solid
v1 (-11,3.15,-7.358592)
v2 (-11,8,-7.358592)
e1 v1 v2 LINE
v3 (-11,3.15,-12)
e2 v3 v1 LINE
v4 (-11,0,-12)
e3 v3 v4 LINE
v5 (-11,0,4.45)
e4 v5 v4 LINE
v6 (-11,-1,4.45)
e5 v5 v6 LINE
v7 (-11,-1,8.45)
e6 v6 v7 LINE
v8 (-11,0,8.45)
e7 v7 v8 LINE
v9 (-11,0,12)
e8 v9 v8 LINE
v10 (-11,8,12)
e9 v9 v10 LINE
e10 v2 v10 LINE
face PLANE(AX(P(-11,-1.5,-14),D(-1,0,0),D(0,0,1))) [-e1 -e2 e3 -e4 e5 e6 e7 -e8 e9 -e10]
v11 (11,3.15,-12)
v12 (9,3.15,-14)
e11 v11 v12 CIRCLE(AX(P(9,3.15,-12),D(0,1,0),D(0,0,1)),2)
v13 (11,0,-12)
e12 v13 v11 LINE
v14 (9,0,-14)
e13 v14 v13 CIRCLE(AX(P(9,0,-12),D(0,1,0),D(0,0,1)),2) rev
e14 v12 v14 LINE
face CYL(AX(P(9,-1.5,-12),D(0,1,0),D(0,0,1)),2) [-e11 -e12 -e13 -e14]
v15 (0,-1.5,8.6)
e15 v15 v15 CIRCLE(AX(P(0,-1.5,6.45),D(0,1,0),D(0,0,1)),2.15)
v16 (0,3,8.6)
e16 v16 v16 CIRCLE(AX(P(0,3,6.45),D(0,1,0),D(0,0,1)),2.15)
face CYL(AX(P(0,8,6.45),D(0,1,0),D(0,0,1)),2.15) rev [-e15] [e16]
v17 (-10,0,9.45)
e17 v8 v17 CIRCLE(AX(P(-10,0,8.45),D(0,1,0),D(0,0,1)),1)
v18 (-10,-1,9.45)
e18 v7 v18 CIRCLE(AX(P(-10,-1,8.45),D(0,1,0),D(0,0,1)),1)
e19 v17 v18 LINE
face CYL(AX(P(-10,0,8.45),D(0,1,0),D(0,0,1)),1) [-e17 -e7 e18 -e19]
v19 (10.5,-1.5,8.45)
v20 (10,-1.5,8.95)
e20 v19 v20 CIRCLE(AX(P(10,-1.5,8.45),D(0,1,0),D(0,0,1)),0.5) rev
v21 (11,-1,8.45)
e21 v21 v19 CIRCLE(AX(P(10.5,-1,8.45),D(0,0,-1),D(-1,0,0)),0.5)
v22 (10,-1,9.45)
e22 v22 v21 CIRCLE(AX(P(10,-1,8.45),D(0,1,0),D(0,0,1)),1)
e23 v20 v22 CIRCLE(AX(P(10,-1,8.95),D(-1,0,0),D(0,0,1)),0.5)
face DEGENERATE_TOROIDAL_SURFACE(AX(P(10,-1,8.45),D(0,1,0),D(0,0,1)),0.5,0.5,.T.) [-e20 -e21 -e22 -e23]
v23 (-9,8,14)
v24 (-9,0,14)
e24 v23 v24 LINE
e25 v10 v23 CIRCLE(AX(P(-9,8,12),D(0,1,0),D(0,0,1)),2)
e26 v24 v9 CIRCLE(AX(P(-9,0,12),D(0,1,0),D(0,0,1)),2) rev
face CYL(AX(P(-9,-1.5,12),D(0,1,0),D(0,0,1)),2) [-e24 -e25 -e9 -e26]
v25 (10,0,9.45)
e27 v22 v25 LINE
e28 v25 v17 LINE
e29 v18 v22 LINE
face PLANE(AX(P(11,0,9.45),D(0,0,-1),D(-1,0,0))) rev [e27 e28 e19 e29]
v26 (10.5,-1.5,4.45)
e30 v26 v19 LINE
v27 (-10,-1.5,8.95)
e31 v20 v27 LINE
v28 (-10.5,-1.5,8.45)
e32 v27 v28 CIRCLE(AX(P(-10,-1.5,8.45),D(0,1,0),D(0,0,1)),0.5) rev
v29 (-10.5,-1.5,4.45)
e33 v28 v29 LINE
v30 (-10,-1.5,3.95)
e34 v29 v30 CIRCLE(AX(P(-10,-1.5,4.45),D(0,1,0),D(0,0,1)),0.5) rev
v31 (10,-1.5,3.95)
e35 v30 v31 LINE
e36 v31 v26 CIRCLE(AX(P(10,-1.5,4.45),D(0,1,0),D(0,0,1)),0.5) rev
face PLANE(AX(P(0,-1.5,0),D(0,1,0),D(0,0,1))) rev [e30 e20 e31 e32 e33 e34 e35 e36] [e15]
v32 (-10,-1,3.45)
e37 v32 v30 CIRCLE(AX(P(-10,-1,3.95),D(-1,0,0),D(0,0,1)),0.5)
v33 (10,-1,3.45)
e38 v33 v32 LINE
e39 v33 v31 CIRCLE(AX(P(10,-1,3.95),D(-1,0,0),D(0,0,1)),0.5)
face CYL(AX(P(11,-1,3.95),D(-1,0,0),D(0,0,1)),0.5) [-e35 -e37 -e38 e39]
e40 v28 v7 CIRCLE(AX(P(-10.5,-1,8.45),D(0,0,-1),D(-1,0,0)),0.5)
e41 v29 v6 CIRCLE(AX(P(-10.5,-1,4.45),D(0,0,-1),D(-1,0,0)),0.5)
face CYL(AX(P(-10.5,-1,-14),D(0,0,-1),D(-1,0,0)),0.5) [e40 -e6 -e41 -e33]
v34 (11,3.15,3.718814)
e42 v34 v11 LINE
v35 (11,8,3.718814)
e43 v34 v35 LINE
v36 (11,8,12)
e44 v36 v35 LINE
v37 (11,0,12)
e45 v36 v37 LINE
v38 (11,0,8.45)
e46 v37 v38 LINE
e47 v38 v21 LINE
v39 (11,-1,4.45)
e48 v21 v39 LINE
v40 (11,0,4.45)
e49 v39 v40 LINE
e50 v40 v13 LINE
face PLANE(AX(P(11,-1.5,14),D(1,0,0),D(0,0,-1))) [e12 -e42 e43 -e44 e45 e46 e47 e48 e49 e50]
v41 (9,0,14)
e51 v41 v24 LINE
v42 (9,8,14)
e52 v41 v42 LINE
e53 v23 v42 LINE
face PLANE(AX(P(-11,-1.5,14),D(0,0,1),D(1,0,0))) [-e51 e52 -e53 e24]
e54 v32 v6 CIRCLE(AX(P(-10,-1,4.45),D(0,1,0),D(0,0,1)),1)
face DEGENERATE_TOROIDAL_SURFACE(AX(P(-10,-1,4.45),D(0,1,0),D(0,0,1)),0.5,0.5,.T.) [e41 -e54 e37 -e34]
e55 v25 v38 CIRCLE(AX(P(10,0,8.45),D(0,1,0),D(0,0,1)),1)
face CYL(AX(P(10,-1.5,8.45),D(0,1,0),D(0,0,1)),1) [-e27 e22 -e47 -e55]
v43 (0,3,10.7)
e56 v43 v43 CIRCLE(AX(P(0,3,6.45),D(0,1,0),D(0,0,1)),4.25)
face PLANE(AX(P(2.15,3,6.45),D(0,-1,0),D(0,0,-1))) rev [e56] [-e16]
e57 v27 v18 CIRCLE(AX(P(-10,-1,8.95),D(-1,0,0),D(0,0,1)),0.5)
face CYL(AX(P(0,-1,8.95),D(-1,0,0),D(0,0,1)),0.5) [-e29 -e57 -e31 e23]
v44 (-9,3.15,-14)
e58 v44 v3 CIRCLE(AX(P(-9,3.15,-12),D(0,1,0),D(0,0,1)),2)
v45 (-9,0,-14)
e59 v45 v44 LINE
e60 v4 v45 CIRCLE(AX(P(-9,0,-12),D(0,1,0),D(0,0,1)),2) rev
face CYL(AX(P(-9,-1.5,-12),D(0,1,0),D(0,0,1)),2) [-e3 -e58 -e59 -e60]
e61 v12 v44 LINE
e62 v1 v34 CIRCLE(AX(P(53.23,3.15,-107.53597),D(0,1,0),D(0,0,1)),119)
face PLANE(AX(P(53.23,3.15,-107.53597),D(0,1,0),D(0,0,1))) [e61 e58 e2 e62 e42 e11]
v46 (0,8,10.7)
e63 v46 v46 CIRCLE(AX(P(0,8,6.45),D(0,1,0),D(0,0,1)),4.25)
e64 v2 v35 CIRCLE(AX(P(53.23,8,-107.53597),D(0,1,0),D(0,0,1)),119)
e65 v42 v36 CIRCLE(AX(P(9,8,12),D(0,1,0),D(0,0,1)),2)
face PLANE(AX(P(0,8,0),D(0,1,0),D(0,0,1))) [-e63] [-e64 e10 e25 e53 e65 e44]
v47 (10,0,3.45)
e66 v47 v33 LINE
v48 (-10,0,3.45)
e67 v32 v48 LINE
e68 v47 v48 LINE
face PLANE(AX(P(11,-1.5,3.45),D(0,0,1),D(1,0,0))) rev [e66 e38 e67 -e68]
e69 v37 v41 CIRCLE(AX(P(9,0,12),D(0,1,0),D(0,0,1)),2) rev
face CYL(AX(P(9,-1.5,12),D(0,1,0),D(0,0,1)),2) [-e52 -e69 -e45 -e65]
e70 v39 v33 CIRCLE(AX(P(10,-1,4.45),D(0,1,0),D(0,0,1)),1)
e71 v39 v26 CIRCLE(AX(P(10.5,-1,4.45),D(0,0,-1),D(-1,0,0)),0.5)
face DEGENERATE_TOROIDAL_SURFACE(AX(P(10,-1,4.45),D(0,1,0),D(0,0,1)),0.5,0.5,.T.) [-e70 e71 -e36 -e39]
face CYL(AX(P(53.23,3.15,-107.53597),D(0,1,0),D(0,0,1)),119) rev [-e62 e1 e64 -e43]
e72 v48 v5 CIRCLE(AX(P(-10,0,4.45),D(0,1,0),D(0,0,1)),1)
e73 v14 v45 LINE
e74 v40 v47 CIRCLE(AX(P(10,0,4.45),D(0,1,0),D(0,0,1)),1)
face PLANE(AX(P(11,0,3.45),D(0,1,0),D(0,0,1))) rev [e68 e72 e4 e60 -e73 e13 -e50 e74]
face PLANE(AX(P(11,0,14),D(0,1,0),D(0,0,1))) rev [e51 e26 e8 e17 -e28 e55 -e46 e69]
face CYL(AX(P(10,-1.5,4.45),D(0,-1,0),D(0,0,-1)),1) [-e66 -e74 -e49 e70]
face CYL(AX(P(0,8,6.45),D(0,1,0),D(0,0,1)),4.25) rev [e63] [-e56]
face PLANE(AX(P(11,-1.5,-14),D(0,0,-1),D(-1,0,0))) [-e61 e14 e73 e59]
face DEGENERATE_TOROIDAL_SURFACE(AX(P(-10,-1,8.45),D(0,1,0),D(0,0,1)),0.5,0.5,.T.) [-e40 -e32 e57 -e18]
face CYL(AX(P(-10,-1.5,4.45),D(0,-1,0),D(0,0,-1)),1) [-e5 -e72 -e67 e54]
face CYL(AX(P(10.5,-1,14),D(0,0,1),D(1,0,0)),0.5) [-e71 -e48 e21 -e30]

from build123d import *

# Parameters (mm, degrees)
SKETCH1_W                                        = 22
SKETCH1_H                                        = 28
BOSS_EXTRUDE1_DEPTH                              = 9.5
SKETCH2_W                                        = 17.45
SKETCH2_H                                        = 1.5
CUT_EXTRUDE1_DEPTH                               = 23
CUT_EXTRUDE2_DEPTH                               = 4.85
SKETCH4_W                                        = 4.55
SKETCH4_H                                        = 1.5
CUT_EXTRUDE3_DEPTH                               = 23
CBORE_FOR_M4_HEX_HEAD_MACHINE_SCREW1_D           = 4.3
CBORE_FOR_M4_HEX_HEAD_MACHINE_SCREW1_DEPTH       = 9.5
CBORE_FOR_M4_HEX_HEAD_MACHINE_SCREW1_CBORE_D     = 8.5
CBORE_FOR_M4_HEX_HEAD_MACHINE_SCREW1_CBORE_DEPTH = 5
FILLET1_R                                        = 1
FILLET2_R                                        = 0.5
FILLET3_R                                        = 2


with BuildPart() as part:
    # Sketch1 → Boss-Extrude1 (new body)
    with BuildSketch(Plane(origin=(0, 8, 0), x_dir=(1, 0, 0), z_dir=(0, 1, 0))):
        Rectangle(SKETCH1_W, SKETCH1_H)
    extrude(amount=-BOSS_EXTRUDE1_DEPTH)

    # Sketch2 → Cut-Extrude1 (cut, through all)
    with BuildSketch(Plane.ZY.offset(11)):
        with Locations((-5.275, -0.75)):
            Rectangle(SKETCH2_W, SKETCH2_H)
    extrude(amount=-CUT_EXTRUDE1_DEPTH, mode=Mode.SUBTRACT)

    # Sketch3 → Cut-Extrude2 (cut)
    with BuildSketch(Plane(origin=(0, 8, 0), x_dir=(-1, 0, 0), z_dir=(0, 1, 0))):
        with BuildLine():
            Line((11, -14), (11, -7.358592124))
            ThreePointArc((11, -7.358592124), (0.2873816, -1.249142024), (-11, 3.718814308))
            Line((-11, 3.718814308), (-11, -14))
            Line((-11, -14), (11, -14))
        make_face()
    extrude(amount=-CUT_EXTRUDE2_DEPTH, mode=Mode.SUBTRACT)

    # Sketch4 → Cut-Extrude3 (cut, through all)
    with BuildSketch(Plane.ZY.offset(11)):
        with Locations((11.725, -0.75)):
            Rectangle(SKETCH4_W, SKETCH4_H)
    extrude(amount=-CUT_EXTRUDE3_DEPTH, mode=Mode.SUBTRACT)

    # CBORE for M4 Hex Head Machine Screw1
    with Locations(Plane(origin=(0, 8, 0), x_dir=(1, 0, 0), z_dir=(0, 1, 0))):
        with Locations((0, -6.45)):
            CounterBoreHole(CBORE_FOR_M4_HEX_HEAD_MACHINE_SCREW1_D / 2, CBORE_FOR_M4_HEX_HEAD_MACHINE_SCREW1_CBORE_D / 2, CBORE_FOR_M4_HEX_HEAD_MACHINE_SCREW1_CBORE_DEPTH, depth=CBORE_FOR_M4_HEX_HEAD_MACHINE_SCREW1_DEPTH)

    # Fillet1
    fillet1_edges = [part.edges().sort_by_distance(p)[0] for p in [
        (11, -0.75, 3.45),
        (-11, -0.75, 3.45),
        (11, -0.75, 9.45),
        (-11, -0.75, 9.45),
    ]]
    fillet(fillet1_edges, radius=FILLET1_R)

    # Fillet2
    fillet2_edges = [part.edges().sort_by_distance(p)[0] for p in [
        (0, -1.5, 3.45),
        (-11, -1.5, 6.45),
        (11, -1.5, 6.45),
        (0, -1.5, 9.45),
        (10.707106781, -1.5, 9.157106781),
        (-10.707106781, -1.5, 9.157106781),
        (10.707106781, -1.5, 3.742893219),
        (-10.707106781, -1.5, 3.742893219),
    ]]
    fillet(fillet2_edges, radius=FILLET2_R)

    # Fillet3
    fillet3_edges = [part.edges().sort_by_distance(p)[0] for p in [
        (-11, 1.575, -14),
        (11, 1.575, -14),
        (-11, 4, 14),
        (11, 4, 14),
    ]]
    fillet(fillet3_edges, radius=FILLET3_R)


solid = part.part
